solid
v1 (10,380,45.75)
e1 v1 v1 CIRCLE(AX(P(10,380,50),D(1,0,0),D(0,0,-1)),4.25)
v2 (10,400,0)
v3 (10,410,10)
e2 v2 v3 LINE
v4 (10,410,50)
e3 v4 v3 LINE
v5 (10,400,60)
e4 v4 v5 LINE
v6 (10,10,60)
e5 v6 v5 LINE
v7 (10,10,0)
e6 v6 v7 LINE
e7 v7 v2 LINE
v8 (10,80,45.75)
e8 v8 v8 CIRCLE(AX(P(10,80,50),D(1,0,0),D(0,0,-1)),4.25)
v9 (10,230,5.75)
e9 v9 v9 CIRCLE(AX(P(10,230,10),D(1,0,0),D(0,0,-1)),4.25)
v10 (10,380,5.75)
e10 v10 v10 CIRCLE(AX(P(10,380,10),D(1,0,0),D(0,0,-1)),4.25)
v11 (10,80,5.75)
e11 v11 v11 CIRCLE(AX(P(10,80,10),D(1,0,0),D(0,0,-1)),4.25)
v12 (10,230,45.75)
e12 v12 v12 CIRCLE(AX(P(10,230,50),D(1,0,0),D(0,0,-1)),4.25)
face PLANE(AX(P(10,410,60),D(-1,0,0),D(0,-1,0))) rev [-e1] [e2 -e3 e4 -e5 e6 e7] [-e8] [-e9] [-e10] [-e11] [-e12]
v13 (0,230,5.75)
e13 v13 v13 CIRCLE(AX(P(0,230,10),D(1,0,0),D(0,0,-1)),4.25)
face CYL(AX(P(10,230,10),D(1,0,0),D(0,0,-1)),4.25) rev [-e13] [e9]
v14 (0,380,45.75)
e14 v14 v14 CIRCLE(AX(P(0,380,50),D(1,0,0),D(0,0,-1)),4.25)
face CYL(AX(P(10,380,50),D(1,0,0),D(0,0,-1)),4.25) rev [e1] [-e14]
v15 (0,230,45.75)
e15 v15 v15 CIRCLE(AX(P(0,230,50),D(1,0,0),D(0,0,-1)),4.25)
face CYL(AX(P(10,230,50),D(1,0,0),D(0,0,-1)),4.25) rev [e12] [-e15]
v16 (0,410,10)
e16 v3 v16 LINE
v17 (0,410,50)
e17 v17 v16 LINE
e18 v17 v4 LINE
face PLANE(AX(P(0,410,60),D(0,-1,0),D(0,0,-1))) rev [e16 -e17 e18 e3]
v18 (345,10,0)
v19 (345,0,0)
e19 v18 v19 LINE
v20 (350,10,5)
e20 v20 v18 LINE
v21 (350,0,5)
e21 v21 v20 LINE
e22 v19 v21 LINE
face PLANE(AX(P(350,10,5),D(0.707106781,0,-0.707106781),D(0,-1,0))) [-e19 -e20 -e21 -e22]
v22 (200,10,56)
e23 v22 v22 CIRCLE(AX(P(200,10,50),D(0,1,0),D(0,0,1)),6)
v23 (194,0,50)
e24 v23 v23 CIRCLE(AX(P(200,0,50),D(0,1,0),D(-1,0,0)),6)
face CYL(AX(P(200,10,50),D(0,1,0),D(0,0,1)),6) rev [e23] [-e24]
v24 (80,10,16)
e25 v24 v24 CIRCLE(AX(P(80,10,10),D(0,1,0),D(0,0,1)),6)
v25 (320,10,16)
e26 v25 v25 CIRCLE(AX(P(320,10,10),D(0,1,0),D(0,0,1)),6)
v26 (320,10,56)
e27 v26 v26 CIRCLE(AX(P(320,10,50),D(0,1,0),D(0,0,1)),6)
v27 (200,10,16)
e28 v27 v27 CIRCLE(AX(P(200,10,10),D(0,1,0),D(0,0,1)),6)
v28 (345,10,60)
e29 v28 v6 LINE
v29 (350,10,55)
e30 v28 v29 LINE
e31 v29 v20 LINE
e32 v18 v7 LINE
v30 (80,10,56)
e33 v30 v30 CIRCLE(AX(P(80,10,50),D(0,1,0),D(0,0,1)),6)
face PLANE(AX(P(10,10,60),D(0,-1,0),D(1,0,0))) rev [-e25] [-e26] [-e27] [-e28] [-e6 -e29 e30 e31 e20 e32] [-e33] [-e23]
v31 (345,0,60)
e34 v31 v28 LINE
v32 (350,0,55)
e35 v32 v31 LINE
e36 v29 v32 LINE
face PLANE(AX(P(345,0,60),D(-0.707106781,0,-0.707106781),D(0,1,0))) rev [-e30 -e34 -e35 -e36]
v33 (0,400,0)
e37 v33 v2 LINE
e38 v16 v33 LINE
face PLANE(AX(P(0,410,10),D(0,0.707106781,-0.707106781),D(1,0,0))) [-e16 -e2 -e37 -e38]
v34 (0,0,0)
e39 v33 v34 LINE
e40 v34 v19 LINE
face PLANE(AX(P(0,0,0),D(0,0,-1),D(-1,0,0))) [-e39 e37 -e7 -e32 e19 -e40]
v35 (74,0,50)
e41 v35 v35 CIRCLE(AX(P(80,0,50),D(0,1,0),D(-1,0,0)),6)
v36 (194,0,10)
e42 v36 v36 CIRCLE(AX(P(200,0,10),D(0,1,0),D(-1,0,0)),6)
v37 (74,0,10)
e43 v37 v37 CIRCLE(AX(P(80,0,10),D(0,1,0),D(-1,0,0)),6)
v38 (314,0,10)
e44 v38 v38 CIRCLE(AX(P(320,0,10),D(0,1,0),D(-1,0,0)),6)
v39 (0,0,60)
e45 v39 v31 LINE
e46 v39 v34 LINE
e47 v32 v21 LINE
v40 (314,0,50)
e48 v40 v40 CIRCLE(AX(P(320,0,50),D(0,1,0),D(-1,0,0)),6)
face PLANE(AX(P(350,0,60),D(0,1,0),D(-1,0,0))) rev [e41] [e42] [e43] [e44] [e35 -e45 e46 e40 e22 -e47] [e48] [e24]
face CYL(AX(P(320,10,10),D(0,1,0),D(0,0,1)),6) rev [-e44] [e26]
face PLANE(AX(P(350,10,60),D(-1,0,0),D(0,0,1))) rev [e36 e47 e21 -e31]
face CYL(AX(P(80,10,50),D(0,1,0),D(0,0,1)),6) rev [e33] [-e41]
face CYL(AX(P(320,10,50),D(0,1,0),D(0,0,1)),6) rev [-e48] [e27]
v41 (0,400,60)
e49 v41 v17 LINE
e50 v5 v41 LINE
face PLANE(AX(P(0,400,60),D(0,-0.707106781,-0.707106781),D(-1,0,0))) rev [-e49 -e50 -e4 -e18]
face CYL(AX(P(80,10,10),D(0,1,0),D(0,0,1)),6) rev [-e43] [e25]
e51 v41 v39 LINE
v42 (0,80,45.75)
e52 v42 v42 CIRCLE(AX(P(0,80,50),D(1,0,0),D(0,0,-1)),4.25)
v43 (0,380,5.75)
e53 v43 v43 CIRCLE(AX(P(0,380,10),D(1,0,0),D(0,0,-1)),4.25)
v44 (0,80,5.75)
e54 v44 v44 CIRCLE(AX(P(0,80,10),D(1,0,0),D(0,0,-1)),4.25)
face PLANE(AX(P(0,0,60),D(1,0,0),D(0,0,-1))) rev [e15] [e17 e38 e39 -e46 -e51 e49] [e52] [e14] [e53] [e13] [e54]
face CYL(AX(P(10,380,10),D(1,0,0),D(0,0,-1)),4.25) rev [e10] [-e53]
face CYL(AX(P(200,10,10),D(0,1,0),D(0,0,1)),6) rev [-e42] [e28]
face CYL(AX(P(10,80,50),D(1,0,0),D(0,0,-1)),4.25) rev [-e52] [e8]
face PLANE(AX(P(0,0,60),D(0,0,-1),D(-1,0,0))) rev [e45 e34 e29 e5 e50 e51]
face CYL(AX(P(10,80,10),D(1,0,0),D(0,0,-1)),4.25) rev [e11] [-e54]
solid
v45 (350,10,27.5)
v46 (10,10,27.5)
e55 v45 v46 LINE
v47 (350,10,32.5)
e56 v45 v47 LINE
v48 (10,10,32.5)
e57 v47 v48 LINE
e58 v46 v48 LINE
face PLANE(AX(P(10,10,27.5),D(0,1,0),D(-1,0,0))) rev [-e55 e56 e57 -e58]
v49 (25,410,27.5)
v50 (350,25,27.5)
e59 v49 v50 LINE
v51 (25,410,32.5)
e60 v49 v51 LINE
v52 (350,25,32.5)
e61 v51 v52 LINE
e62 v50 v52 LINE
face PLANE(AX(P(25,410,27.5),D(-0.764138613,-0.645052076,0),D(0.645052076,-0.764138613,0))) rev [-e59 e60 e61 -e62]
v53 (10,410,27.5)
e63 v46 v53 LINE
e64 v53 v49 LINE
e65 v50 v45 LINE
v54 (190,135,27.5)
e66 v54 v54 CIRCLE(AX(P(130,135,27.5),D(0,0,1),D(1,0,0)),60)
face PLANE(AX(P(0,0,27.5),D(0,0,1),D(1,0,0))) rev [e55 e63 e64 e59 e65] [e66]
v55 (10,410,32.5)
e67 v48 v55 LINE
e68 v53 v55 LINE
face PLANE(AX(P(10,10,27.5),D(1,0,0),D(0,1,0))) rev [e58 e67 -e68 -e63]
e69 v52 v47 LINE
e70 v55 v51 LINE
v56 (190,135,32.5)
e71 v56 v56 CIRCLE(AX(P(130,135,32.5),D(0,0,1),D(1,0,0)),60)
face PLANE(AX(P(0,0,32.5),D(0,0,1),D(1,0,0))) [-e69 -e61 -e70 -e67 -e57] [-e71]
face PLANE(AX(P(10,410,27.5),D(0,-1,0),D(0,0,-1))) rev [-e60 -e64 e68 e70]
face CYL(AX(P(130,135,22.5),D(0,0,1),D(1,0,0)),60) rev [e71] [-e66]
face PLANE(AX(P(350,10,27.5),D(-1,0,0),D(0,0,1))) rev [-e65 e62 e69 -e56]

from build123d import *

# Parameters (mm, degrees)
EXTRUDE_1_DEPTH                  = 60
CHAMFER_1_SIZE                   = 10
CHAMFER_2_SIZE                   = 5
GUSSET_1_THICKNESS               = 5
HOLE_WIZARD_M10_2_AT_2_COUNT     = 2
HOLE_WIZARD_M10_2_AT_2_PITCH     = 150
HOLE_WIZARD_M10_2_AT_3_COUNT     = 2
HOLE_WIZARD_M10_2_AT_3_PITCH     = 40
HOLE_WIZARD_M10_2_AT_4_COUNT     = 2
HOLE_WIZARD_M10_2_AT_4_PITCH     = 155.241746963
HOLE_WIZARD_M10_2_AT_5_COUNT     = 2
HOLE_WIZARD_M10_2_AT_5_PITCH     = 300
HOLE_WIZARD_M10_2_AT_6_COUNT     = 2
HOLE_WIZARD_M10_2_AT_6_PITCH     = 302.654919008
HOLE_WIZARD_12_0_12_3_AT_2_COUNT = 2
HOLE_WIZARD_12_0_12_3_AT_2_PITCH = 120
HOLE_WIZARD_12_0_12_3_AT_3_COUNT = 2
HOLE_WIZARD_12_0_12_3_AT_3_PITCH = 40
HOLE_WIZARD_12_0_12_3_AT_4_COUNT = 2
HOLE_WIZARD_12_0_12_3_AT_4_PITCH = 126.491106407
HOLE_WIZARD_12_0_12_3_AT_5_COUNT = 2
HOLE_WIZARD_12_0_12_3_AT_5_PITCH = 120
HOLE_WIZARD_12_0_12_3_AT_6_COUNT = 2
HOLE_WIZARD_12_0_12_3_AT_6_PITCH = 126.491106407
SKETCH_11_R                      = 60
CUT_EXTRUDE_1_DEPTH              = 10


with BuildPart() as part:
    # 草图1 → 凸台-拉伸1 (new body)
    with BuildSketch(Plane.XY):
        Polygon((0, 0), (0, 410), (10, 410), (10, 10), (350, 10), (350, 0), align=None)
    extrude(amount=EXTRUDE_1_DEPTH)

    # 倒角1
    chamfer_1_edges = [part.edges().sort_by_distance(p)[0] for p in [
        (5, 410, 60),
        (5, 410, 0),
    ]]
    chamfer(chamfer_1_edges, length=CHAMFER_1_SIZE)

    # 倒角2
    chamfer_2_edges = [part.edges().sort_by_distance(p)[0] for p in [
        (350, 5, 60),
        (350, 5, 0),
    ]]
    chamfer(chamfer_2_edges, length=CHAMFER_2_SIZE)

    # 草图8 → M10 螺纹孔2 (revolve, cut)
    with BuildSketch(Plane(origin=(10, 380, 50), x_dir=(0, 0, -1), z_dir=(0, 1, 0))):
        Polygon((0, 0), (0, 30.053657631), (4.25, 27.5), (4.25, 0), align=None)
    hole_wizard_m10_2 = revolve(axis=Axis((16.35, 380, 50), (-1, 0, 0)), mode=Mode.SUBTRACT)

    # M10 螺纹孔2 at 2: M10 螺纹孔2 ×2
    with Locations(*[(0, -i * HOLE_WIZARD_M10_2_AT_2_PITCH, 0) for i in range(1, HOLE_WIZARD_M10_2_AT_2_COUNT)]):
        add(hole_wizard_m10_2, mode=Mode.SUBTRACT)

    # M10 螺纹孔2 at 3: M10 螺纹孔2 ×2
    with Locations(*[(0, 0, -i * HOLE_WIZARD_M10_2_AT_3_PITCH) for i in range(1, HOLE_WIZARD_M10_2_AT_3_COUNT)]):
        add(hole_wizard_m10_2, mode=Mode.SUBTRACT)

    # M10 螺纹孔2 at 4: M10 螺纹孔2 ×2
    with Locations(*[Vector(0, -0.9662349396012463, -0.25766265056033233) * (i * HOLE_WIZARD_M10_2_AT_4_PITCH) for i in range(1, HOLE_WIZARD_M10_2_AT_4_COUNT)]):
        add(hole_wizard_m10_2, mode=Mode.SUBTRACT)

    # M10 螺纹孔2 at 5: M10 螺纹孔2 ×2
    with Locations(*[(0, -i * HOLE_WIZARD_M10_2_AT_5_PITCH, 0) for i in range(1, HOLE_WIZARD_M10_2_AT_5_COUNT)]):
        add(hole_wizard_m10_2, mode=Mode.SUBTRACT)

    # M10 螺纹孔2 at 6: M10 螺纹孔2 ×2
    with Locations(*[Vector(0, -0.9912279006826347, -0.13216372009101798) * (i * HOLE_WIZARD_M10_2_AT_6_PITCH) for i in range(1, HOLE_WIZARD_M10_2_AT_6_COUNT)]):
        add(hole_wizard_m10_2, mode=Mode.SUBTRACT)

    # 草图10 → Ø12.0 (12) 直径孔3 (revolve, cut)
    with BuildSketch(Plane(origin=(200, 10, 50), x_dir=(0, 0, 1), z_dir=(1, 0, 0))):
        Polygon((0, 0), (0, 31.105163714), (6, 27.5), (6, 0), align=None)
    hole_wizard_12_0_12_3 = revolve(axis=Axis((200, 16.35, 50), (0, -1, 0)), mode=Mode.SUBTRACT)

    # Ø12.0 (12) 直径孔3 at 2: Ø12.0 (12) 直径孔3 ×2
    with Locations(*[(i * HOLE_WIZARD_12_0_12_3_AT_2_PITCH, 0, 0) for i in range(1, HOLE_WIZARD_12_0_12_3_AT_2_COUNT)]):
        add(hole_wizard_12_0_12_3, mode=Mode.SUBTRACT)

    # Ø12.0 (12) 直径孔3 at 3: Ø12.0 (12) 直径孔3 ×2
    with Locations(*[(0, 0, -i * HOLE_WIZARD_12_0_12_3_AT_3_PITCH) for i in range(1, HOLE_WIZARD_12_0_12_3_AT_3_COUNT)]):
        add(hole_wizard_12_0_12_3, mode=Mode.SUBTRACT)

    # Ø12.0 (12) 直径孔3 at 4: Ø12.0 (12) 直径孔3 ×2
    with Locations(*[Vector(0.9486832980505139, 0, -0.316227766016838) * (i * HOLE_WIZARD_12_0_12_3_AT_4_PITCH) for i in range(1, HOLE_WIZARD_12_0_12_3_AT_4_COUNT)]):
        add(hole_wizard_12_0_12_3, mode=Mode.SUBTRACT)

    # Ø12.0 (12) 直径孔3 at 5: Ø12.0 (12) 直径孔3 ×2
    with Locations(*[(-i * HOLE_WIZARD_12_0_12_3_AT_5_PITCH, 0, 0) for i in range(1, HOLE_WIZARD_12_0_12_3_AT_5_COUNT)]):
        add(hole_wizard_12_0_12_3, mode=Mode.SUBTRACT)

    # Ø12.0 (12) 直径孔3 at 6: Ø12.0 (12) 直径孔3 ×2
    with Locations(*[Vector(-0.9486832980505138, 0, -0.316227766016838) * (i * HOLE_WIZARD_12_0_12_3_AT_6_PITCH) for i in range(1, HOLE_WIZARD_12_0_12_3_AT_6_COUNT)]):
        add(hole_wizard_12_0_12_3, mode=Mode.SUBTRACT)


with BuildPart() as body_2:
    # Gusset 1: a gusset: a plate 5.0 thick in the corner of two members, its outline drawn in place
    gusset_1_outline = Wire([Line((10, 10, 27.5), (10, 410, 27.5)), Line((10, 410, 27.5), (25, 410, 27.5)), Line((25, 410, 27.5), (350, 25, 27.5)), Line((350, 25, 27.5), (350, 10, 27.5)), Line((350, 10, 27.5), (10, 10, 27.5))])
    add(extrude(Face(gusset_1_outline), amount=GUSSET_1_THICKNESS, dir=(0, 0, 1)))

    # 草图11 → 切除-拉伸1 (cut)
    with BuildSketch(Plane.XY.offset(32.5)):
        with Locations((130, 135)):
            Circle(SKETCH_11_R)
    extrude(amount=-CUT_EXTRUDE_1_DEPTH, mode=Mode.SUBTRACT)


solid = Compound([part.part, body_2.part])
